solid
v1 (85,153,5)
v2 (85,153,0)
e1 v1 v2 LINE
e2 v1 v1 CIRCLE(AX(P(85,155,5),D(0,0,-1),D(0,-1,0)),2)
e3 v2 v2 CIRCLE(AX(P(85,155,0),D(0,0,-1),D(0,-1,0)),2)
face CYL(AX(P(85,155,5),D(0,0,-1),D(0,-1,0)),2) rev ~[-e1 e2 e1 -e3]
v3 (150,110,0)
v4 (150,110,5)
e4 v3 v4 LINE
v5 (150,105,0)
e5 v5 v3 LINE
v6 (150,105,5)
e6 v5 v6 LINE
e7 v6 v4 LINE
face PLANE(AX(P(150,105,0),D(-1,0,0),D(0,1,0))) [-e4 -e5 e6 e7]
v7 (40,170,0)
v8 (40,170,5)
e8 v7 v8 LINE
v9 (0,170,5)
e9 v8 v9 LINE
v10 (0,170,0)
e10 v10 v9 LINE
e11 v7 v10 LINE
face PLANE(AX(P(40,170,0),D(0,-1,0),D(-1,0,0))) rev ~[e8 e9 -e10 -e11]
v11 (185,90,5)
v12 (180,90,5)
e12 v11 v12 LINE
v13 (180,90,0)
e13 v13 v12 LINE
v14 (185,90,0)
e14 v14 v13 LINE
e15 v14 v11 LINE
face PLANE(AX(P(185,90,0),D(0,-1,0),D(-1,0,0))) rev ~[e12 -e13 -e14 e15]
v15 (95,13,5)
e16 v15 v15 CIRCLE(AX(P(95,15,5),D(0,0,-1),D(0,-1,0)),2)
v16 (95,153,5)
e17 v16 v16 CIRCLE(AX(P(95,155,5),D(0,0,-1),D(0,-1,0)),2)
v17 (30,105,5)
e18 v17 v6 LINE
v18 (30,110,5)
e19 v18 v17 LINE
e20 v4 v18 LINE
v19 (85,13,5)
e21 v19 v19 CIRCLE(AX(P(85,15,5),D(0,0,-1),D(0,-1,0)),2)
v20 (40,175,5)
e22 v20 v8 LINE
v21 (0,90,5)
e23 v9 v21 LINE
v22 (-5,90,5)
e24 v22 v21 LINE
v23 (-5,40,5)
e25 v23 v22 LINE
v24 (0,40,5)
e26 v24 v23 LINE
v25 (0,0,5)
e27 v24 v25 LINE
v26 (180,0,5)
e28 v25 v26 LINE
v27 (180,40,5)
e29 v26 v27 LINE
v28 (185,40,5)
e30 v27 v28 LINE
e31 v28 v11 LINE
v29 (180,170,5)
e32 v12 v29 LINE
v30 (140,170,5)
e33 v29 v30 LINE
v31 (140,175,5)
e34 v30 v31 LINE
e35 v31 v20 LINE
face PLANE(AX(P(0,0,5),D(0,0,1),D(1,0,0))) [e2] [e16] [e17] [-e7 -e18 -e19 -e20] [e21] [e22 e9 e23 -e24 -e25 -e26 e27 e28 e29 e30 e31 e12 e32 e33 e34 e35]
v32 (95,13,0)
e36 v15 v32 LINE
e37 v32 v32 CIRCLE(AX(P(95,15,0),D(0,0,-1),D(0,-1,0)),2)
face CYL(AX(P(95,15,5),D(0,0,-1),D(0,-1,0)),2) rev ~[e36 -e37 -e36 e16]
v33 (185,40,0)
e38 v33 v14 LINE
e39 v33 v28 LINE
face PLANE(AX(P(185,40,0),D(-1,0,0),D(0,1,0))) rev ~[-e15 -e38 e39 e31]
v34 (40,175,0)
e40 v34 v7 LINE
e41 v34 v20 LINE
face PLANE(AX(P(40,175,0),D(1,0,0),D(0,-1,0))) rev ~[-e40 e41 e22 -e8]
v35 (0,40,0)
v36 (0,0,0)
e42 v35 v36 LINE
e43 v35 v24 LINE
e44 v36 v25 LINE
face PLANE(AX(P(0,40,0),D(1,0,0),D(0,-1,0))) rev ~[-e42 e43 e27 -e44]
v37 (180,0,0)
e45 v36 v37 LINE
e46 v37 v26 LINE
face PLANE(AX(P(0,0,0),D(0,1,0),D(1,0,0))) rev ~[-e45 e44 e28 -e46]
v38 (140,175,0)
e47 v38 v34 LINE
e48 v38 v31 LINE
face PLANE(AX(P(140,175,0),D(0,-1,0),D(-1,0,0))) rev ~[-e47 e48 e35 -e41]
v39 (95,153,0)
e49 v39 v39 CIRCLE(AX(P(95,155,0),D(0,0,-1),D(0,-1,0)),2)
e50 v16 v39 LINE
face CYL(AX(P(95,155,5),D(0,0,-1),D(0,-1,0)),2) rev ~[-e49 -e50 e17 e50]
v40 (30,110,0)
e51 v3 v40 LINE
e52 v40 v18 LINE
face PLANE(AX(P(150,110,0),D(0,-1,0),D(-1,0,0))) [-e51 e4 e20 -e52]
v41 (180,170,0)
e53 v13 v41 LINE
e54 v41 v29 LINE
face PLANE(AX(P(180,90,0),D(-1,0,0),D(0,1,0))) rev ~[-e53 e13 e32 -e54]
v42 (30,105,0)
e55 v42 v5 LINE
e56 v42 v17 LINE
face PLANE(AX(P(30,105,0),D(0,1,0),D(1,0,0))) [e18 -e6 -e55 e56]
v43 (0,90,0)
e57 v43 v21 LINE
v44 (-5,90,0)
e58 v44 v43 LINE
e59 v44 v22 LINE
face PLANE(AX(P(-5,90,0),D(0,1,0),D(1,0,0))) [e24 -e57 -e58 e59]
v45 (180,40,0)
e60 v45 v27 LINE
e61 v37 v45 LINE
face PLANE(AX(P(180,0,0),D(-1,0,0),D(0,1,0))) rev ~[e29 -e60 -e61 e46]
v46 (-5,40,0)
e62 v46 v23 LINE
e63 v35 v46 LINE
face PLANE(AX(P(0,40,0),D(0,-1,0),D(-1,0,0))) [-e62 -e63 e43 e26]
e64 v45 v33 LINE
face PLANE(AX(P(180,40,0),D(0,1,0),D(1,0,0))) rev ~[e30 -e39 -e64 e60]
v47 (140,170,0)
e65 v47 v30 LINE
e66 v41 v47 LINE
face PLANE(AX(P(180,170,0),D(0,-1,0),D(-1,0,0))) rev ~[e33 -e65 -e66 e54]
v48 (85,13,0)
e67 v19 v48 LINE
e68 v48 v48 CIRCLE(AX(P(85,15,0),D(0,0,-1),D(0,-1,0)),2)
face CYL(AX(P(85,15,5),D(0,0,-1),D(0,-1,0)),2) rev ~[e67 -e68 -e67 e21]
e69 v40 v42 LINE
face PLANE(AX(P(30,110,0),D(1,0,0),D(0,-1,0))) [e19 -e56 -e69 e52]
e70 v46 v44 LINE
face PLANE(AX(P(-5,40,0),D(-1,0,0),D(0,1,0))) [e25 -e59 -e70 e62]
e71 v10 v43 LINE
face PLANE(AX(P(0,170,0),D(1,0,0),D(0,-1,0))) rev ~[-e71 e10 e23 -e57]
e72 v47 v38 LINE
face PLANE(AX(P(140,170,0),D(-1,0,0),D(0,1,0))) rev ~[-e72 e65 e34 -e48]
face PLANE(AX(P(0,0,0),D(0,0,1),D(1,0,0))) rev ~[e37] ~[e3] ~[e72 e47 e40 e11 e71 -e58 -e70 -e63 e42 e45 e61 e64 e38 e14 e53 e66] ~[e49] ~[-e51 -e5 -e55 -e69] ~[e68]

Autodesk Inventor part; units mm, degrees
ref_plane "YZ Plane" through (0, 0, 0) normal (1, 0, 0) x (0, 1, 0)
ref_plane "XZ Plane" through (0, 0, 0) normal (0, 1, 0) x (-1, 0, 0)
ref_plane "XY Plane" through (0, 0, 0) normal (0, 0, 1) x (1, 0, 0)
sketch "Sketch1" plane through (0, 0, 0) normal (0, 0, 1) x (1, 0, 0)
  line L0 (0, 0) -> (180, 0)
  line L1 (180, 0) -> (180, 170)
  line L2 (180, 170) -> (0, 170)
  line L3 (0, 170) -> (0, 0)
  line L4 (0, 40) -> (-5, 40)
  line L5 (-5, 40) -> (-5, 90)
  line L6 (-5, 90) -> (0, 90)
  line L7 (0, 90) -> (0, 40)
  line L8 (90, 0) -> (90, 170) construction
  line L9 (180, 40) -> (185, 40)
  line L10 (185, 40) -> (185, 90)
  line L11 (185, 90) -> (180, 90)
  line L12 (180, 90) -> (180, 40)
  line L13 (30, 105) -> (150, 105)
  line L14 (150, 105) -> (150, 110)
  line L15 (150, 110) -> (30, 110)
  line L16 (30, 110) -> (30, 105)
  line L17 (0, 65) -> (180, 65) construction
  line L18 (40, 170) -> (140, 170)
  line L19 (140, 170) -> (140, 175)
  line L20 (140, 175) -> (40, 175)
  line L21 (40, 175) -> (40, 170)
  point P0 (180, 40)
  point P1 (180, 90)
  point P2 (0, 90)
  point P3 (40, 0)
  point P4 (30, 107.5)
  dimension "d0" = 180
  dimension "d1" = 170
  dimension "d2" = 5
  dimension "d3" = 50
  dimension "d6" = 120
  dimension "d7" = 5
  dimension "d13" = 60
  dimension "d14" = 60
  dimension "d30" = 100
  dimension "d31" = 5
  dimension "d32" = 40
extrude "Extrusion1" add sketch "Sketch1" along normal blind 5
sketch "Sketch2" plane through (0, 0, 5) normal (0, 0, 1) x (1, 0, 0)
  line L0 (180, 170) -> (0, 170) projected
  line L1 (0, 0) -> (180, 0) projected
  line L2 (0, 170) -> (0, 90) projected
  line L3 (0, 40) -> (0, 0) projected
  point P0 (85, 15)
  point P1 (95, 15)
  dimension "d24" = 15
  dimension "d25" = 15
  dimension "d26" = 10
  dimension "d29" = 85
hole "Hole1" at (85, 15, 5) at (95, 15, 5) direction (0, 0, -1) diameter 4 end through all
sketch "Sketch3" plane through (0, 0, 5) normal (0, 0, 1) x (1, 0, 0)
  line L0 (140, 175) -> (40, 175) projected
  line L1 (40, 175) -> (40, 170) projected
  point P0 (0, 0)
  point P1 (85, 155)
  point P2 (95, 155)
  dimension "d40" = 20
  dimension "d41" = 20
  dimension "d42" = 10
  dimension "d43" = 45
hole "Hole2" at (85, 155, 5) at (95, 155, 5) direction (0, 0, -1) diameter 4 end through all
properties part number "back"
